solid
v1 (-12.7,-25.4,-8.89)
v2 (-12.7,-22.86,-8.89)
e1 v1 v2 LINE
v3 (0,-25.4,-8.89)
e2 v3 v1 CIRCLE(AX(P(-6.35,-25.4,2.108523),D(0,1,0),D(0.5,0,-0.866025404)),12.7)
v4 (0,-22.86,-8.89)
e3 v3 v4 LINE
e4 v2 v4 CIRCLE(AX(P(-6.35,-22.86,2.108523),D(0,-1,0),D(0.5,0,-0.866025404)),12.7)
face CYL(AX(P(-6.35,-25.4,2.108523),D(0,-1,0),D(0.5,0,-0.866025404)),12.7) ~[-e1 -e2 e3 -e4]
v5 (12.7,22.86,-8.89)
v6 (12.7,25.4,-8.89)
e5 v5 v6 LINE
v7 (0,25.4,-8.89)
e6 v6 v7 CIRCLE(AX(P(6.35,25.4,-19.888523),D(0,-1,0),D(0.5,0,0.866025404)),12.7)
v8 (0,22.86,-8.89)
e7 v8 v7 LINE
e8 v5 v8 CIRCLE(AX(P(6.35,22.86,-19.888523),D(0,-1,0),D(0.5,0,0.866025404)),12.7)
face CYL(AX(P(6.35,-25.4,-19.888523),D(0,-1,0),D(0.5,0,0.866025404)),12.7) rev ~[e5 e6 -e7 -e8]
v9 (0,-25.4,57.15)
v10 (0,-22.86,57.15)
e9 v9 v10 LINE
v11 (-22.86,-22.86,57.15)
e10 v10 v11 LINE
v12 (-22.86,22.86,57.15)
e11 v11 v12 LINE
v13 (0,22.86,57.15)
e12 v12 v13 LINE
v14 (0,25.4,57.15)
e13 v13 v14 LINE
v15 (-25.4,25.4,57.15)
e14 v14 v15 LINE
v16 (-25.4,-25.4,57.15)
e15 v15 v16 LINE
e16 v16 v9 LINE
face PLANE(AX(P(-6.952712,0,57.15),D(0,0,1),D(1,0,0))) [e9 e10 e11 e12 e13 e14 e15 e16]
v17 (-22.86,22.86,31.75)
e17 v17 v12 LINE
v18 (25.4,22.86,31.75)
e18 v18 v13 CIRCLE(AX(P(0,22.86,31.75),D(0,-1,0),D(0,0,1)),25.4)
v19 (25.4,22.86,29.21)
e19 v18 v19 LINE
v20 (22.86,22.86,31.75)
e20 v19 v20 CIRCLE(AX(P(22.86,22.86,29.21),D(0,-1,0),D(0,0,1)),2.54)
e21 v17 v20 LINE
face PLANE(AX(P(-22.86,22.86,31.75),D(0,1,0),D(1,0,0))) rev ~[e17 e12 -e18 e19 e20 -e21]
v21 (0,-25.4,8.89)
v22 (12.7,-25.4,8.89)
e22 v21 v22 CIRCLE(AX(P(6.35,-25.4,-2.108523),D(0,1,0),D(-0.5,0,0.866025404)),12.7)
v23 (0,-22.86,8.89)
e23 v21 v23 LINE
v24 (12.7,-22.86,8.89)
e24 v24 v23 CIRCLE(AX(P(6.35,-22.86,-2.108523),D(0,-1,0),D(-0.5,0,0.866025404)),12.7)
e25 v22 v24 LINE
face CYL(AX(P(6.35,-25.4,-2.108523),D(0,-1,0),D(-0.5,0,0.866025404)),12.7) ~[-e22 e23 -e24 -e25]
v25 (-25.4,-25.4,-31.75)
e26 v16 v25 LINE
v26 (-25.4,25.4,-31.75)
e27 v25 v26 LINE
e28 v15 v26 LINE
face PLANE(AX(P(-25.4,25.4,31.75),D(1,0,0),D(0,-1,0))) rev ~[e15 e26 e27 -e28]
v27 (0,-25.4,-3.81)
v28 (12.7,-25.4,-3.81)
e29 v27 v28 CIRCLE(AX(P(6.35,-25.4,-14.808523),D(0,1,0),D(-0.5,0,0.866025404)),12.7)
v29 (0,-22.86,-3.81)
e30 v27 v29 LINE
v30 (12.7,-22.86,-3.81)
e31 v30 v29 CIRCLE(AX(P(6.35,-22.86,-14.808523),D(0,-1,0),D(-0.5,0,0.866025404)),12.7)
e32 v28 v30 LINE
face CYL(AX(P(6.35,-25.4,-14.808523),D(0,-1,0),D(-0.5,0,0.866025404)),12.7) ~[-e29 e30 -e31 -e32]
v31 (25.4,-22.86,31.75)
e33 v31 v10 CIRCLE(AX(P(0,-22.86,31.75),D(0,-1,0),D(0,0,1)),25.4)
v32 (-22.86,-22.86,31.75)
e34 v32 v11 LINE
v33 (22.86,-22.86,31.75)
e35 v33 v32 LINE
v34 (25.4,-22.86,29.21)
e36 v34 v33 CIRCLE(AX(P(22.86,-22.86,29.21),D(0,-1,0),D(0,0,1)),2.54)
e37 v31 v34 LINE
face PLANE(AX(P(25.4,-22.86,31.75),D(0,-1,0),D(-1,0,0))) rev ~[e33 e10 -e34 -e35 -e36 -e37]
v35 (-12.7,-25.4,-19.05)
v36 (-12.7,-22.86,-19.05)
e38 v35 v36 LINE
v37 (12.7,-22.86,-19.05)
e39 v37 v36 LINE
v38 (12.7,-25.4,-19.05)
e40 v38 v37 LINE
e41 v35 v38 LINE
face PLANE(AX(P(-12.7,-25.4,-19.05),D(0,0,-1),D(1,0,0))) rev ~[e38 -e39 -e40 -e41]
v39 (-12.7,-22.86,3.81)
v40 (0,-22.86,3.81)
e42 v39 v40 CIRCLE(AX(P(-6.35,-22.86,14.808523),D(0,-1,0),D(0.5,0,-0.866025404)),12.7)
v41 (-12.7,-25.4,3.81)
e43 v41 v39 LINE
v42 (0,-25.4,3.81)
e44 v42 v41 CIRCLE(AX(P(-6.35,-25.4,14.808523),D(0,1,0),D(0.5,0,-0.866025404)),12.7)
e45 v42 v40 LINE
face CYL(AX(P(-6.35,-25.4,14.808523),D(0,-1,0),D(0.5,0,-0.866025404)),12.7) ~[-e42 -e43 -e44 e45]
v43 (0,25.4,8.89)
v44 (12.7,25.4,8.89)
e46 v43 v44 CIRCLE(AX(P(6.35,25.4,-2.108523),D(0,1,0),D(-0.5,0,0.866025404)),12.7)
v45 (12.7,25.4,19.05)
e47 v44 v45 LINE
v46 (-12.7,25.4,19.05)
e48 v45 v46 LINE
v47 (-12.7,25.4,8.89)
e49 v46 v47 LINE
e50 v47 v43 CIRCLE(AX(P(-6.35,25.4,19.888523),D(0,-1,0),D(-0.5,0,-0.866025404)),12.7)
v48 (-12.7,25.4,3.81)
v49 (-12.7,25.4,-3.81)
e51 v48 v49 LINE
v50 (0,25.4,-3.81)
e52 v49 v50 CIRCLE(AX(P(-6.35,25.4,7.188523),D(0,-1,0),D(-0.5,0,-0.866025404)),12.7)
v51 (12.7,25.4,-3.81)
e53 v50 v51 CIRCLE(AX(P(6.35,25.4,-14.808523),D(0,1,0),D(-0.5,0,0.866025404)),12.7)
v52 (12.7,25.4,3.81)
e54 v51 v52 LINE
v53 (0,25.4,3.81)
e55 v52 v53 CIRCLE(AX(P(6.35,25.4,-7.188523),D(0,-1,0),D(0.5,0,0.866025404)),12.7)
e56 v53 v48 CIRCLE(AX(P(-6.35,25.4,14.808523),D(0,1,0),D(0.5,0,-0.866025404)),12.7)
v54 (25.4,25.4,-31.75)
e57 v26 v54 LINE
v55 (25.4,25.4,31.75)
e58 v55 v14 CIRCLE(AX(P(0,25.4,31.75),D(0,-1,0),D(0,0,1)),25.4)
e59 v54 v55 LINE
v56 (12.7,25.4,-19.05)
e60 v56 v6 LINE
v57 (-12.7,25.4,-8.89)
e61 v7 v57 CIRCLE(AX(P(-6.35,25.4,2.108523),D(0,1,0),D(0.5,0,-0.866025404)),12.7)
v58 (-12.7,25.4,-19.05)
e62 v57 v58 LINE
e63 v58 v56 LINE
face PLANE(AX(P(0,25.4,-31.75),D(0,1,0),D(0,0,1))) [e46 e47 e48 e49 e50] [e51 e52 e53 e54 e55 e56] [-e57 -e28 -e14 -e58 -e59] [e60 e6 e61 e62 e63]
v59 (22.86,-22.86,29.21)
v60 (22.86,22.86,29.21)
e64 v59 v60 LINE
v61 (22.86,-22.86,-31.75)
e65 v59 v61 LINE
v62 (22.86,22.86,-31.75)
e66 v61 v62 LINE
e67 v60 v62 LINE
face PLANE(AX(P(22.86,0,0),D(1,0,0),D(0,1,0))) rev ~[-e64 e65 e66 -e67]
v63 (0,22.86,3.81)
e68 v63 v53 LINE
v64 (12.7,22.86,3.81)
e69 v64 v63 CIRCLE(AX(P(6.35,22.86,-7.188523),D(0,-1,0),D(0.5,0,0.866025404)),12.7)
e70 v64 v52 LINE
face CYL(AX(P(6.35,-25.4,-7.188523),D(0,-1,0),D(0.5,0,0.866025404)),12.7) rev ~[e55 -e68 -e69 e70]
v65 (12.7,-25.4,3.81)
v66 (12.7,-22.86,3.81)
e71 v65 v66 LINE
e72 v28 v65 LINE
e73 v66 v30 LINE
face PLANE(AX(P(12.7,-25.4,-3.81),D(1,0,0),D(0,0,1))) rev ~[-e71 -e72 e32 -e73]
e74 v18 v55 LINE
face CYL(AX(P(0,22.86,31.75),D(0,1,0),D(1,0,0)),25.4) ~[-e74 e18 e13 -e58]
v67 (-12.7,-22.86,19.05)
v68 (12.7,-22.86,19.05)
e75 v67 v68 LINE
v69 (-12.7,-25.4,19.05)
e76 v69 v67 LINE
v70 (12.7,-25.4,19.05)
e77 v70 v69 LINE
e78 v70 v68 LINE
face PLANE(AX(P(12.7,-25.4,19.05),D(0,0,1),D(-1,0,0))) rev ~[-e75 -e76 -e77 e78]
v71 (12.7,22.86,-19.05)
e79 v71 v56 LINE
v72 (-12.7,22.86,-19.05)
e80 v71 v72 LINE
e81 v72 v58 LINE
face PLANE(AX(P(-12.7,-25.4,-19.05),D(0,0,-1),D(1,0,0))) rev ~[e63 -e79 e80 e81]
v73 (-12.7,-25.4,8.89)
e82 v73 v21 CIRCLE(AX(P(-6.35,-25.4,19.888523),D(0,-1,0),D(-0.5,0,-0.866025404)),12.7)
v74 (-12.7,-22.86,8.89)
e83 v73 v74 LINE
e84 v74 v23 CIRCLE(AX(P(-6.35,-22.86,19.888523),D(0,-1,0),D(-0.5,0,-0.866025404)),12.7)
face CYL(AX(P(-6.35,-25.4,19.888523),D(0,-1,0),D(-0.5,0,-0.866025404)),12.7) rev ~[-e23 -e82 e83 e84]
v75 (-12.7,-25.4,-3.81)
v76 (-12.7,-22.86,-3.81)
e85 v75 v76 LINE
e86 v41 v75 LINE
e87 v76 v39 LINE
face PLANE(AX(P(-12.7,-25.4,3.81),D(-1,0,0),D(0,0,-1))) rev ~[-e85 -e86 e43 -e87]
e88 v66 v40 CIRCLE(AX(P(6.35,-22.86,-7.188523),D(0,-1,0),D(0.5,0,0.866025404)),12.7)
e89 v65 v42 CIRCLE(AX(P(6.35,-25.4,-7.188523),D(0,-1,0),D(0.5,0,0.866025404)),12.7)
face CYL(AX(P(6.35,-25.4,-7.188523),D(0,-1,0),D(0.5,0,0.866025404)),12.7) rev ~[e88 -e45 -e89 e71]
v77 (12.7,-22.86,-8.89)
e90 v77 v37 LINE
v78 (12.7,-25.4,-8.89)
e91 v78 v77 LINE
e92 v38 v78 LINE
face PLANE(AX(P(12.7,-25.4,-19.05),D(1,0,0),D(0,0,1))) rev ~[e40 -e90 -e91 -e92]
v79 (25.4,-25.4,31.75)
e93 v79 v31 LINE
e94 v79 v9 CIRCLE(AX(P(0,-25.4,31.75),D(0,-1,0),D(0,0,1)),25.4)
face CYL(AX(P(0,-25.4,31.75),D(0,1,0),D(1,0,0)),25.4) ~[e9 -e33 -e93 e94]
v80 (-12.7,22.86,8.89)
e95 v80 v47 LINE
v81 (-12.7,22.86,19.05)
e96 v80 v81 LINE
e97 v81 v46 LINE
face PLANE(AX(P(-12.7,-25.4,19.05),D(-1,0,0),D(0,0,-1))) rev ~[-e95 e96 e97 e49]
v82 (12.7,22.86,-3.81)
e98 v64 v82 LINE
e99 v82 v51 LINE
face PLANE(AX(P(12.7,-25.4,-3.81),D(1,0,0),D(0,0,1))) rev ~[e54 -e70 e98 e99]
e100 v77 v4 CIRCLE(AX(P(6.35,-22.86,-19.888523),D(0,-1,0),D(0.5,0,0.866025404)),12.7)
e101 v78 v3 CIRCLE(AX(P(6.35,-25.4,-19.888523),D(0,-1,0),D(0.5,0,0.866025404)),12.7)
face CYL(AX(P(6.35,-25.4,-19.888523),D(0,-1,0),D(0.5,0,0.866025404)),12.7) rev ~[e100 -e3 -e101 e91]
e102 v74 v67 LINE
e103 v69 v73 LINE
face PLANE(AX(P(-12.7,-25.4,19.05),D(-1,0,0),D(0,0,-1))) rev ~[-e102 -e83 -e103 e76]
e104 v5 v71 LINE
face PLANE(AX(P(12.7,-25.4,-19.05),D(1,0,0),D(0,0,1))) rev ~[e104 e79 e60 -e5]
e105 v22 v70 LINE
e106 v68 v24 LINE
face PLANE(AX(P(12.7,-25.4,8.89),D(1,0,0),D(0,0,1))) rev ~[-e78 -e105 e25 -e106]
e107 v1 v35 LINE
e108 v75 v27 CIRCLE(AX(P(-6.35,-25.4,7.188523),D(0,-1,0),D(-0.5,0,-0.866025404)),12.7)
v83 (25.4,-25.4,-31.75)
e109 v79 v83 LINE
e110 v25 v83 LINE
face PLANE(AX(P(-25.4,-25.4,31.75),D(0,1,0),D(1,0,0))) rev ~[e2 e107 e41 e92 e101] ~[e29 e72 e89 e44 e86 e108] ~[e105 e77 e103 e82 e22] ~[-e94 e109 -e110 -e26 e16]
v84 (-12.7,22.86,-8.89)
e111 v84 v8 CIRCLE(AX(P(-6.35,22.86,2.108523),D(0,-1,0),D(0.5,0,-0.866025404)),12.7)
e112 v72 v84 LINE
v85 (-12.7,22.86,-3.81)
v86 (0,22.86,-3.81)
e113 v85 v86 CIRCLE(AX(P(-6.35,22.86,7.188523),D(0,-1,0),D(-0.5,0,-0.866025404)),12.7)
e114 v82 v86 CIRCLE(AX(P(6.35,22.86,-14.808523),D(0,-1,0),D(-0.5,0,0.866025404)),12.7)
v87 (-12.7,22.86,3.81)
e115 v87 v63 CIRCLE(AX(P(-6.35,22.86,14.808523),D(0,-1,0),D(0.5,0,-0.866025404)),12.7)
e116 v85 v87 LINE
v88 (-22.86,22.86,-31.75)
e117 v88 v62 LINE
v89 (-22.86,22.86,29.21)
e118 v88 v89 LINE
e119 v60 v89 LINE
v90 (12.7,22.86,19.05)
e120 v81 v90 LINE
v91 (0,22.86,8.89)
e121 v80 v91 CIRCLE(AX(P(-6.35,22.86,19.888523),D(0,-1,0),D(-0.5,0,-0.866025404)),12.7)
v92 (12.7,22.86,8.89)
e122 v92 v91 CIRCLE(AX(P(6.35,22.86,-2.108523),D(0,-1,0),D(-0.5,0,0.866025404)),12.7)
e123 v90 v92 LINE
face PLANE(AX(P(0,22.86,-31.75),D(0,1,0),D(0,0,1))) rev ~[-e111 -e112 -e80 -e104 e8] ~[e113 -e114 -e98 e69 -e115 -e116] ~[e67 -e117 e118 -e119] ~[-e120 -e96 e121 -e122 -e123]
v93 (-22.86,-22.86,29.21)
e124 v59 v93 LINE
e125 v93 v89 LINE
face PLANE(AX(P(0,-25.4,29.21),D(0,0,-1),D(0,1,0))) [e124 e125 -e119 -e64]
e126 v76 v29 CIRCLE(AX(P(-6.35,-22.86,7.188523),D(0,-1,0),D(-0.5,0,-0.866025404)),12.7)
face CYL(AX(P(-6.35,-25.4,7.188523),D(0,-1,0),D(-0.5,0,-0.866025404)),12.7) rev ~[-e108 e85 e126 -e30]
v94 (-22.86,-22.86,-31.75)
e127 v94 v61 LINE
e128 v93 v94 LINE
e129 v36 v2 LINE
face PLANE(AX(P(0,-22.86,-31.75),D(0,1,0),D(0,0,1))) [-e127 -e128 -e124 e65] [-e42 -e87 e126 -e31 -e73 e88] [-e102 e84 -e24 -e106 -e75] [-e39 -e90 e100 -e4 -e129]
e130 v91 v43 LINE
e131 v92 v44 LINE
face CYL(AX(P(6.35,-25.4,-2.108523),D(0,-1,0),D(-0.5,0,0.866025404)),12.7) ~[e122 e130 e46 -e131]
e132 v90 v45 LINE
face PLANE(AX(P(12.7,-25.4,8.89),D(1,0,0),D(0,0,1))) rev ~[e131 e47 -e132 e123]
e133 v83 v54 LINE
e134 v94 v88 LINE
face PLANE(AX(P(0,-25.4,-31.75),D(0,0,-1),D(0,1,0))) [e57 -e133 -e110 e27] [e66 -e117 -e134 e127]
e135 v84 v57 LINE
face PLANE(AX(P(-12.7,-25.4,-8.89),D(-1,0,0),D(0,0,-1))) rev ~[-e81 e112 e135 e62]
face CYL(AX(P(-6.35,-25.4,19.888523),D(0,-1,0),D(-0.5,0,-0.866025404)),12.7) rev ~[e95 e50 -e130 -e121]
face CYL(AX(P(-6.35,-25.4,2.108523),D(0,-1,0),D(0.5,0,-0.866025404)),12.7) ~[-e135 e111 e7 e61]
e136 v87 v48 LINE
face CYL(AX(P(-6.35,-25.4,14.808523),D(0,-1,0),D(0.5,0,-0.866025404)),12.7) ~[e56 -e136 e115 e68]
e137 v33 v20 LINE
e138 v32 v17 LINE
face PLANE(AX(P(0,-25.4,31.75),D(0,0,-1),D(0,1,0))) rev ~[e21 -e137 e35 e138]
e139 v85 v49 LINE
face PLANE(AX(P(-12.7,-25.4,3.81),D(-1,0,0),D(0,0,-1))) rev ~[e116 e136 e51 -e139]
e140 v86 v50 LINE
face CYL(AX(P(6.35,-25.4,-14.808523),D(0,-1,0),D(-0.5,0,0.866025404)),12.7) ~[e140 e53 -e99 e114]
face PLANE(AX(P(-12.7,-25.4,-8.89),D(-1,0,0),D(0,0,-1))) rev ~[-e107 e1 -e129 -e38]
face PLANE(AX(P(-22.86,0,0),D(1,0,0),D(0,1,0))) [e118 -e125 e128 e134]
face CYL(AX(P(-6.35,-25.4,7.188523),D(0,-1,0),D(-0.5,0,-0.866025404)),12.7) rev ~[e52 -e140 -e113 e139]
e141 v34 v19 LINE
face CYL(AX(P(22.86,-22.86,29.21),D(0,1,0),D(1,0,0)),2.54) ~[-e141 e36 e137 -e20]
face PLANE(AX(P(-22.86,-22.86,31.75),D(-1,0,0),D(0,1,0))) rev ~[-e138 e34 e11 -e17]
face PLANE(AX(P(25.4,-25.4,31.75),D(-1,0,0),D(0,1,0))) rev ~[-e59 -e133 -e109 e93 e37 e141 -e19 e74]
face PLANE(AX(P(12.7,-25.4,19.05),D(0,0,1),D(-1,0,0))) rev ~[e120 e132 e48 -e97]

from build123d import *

# Parameters (mm, degrees)
F0_W     = 50.8
F0_H     = 63.5
F1_DEPTH = 25.4
F2_T     = -2.54
F4_DEPTH = 25.4
F5_R     = 25.4
F6_R     = 2.54
F8_DEPTH = 50.8


with BuildPart() as f1:
    # F0 (on Right) → F1 (new body, symmetric)
    with BuildSketch(Plane.YZ):
        Rectangle(F0_W, F0_H)
        Polygon((12.7, -2.54), (12.7, -12.7), (-12.7, -12.7), (-12.7, -2.54), (-12.7, 2.54), (-12.7, 10.16), (-12.7, 15.24), (-12.7, 25.4), (12.7, 25.4), (12.7, 15.24), (12.7, 10.16), (12.7, 2.54), align=None, mode=Mode.SUBTRACT)
        with BuildLine():
            Line((-12.7, -12.7), (12.7, -12.7))
            Line((12.7, -12.7), (12.7, -2.54))
            ThreePointArc((12.7, -2.54), (6.35, -0.8385226281), (0, -2.54))
            ThreePointArc((0, -2.54), (-6.35, -4.2414773719), (-12.7, -2.54))
            Line((-12.7, -2.54), (-12.7, -12.7))
        make_face()
        with BuildLine():
            ThreePointArc((0, 15.24), (6.35, 16.9414773719), (12.7, 15.24))
            Line((12.7, 15.24), (12.7, 25.4))
            Line((12.7, 25.4), (-12.7, 25.4))
            Line((-12.7, 25.4), (-12.7, 15.24))
            ThreePointArc((-12.7, 15.24), (-6.35, 13.5385226281), (0, 15.24))
        make_face()
        with BuildLine():
            ThreePointArc((0, 2.54), (6.35, 4.2414773719), (12.7, 2.54))
            Line((12.7, 2.54), (12.7, 10.16))
            ThreePointArc((12.7, 10.16), (6.35, 11.8614773719), (0, 10.16))
            ThreePointArc((0, 10.16), (-6.35, 8.4585226281), (-12.7, 10.16))
            Line((-12.7, 10.16), (-12.7, 2.54))
            ThreePointArc((-12.7, 2.54), (-6.35, 0.8385226281), (0, 2.54))
        make_face()
        with BuildLine():
            ThreePointArc((0, 10.16), (6.35, 11.8614773719), (12.7, 10.16))
            Line((12.7, 10.16), (12.7, 15.24))
            ThreePointArc((12.7, 15.24), (6.35, 16.9414773719), (0, 15.24))
            ThreePointArc((0, 15.24), (-6.35, 13.5385226281), (-12.7, 15.24))
            Line((-12.7, 15.24), (-12.7, 10.16))
            ThreePointArc((-12.7, 10.16), (-6.35, 8.4585226281), (0, 10.16))
        make_face()
        with BuildLine():
            ThreePointArc((0, -2.54), (6.35, -0.8385226281), (12.7, -2.54))
            Line((12.7, -2.54), (12.7, 2.54))
            ThreePointArc((12.7, 2.54), (6.35, 4.2414773719), (0, 2.54))
            ThreePointArc((0, 2.54), (-6.35, 0.8385226281), (-12.7, 2.54))
            Line((-12.7, 2.54), (-12.7, -2.54))
            ThreePointArc((-12.7, -2.54), (-6.35, -4.2414773719), (0, -2.54))
        make_face()
    extrude(amount=F1_DEPTH, both=True)

    # F2
    f2_openings = [f1.faces().sort_by_distance(p)[0] for p in [
        (0, 0, -31.75),
    ]]
    offset(amount=F2_T, openings=f2_openings)

    # F3 (on face) → F4 (join)
    with BuildSketch(Plane.XY.offset(31.75)):
        Polygon((25.4, -25.4), (25.4, -22.86), (-22.86, -22.86), (-22.86, 22.86), (25.4, 22.86), (25.4, 25.4), (-25.4, 25.4), (-25.4, -25.4), align=None)
    extrude(amount=F4_DEPTH)

    # F5
    f5_edges = [f1.edges().sort_by_distance(p)[0] for p in [
        (25.4, -24.13, 57.15),
        (25.4, 24.13, 57.15),
    ]]
    fillet(f5_edges, radius=F5_R)

    # F6
    f6_edges = [f1.edges().sort_by_distance(p)[0] for p in [
        (25.4, 0, 31.75),
    ]]
    fillet(f6_edges, radius=F6_R)

    # F7 (on face) → F8 (cut)
    with BuildSketch(Plane.XZ.offset(25.4)):
        with BuildLine():
            Line((-12.7, 19.05), (-12.7, 8.89))
            ThreePointArc((-12.7, 8.89), (-6.35, 7.1885226281), (0, 8.89))
            ThreePointArc((0, 8.89), (6.35, 10.5914773719), (12.7, 8.89))
            Line((12.7, 8.89), (12.7, 19.05))
            Line((12.7, 19.05), (-12.7, 19.05))
        make_face()
        with BuildLine():
            Line((-12.7, 3.81), (-12.7, -3.81))
            ThreePointArc((-12.7, -3.81), (-6.35, -5.5114773719), (0, -3.81))
            ThreePointArc((0, -3.81), (6.35, -2.1085226281), (12.7, -3.81))
            Line((12.7, -3.81), (12.7, 3.81))
            ThreePointArc((12.7, 3.81), (6.35, 5.5114773719), (0, 3.81))
            ThreePointArc((0, 3.81), (-6.35, 2.1085226281), (-12.7, 3.81))
        make_face()
        with BuildLine():
            Line((-12.7, -8.89), (-12.7, -19.05))
            Line((-12.7, -19.05), (12.7, -19.05))
            Line((12.7, -19.05), (12.7, -8.89))
            ThreePointArc((12.7, -8.89), (6.35, -7.1885226281), (0, -8.89))
            ThreePointArc((0, -8.89), (-6.35, -10.5914773719), (-12.7, -8.89))
        make_face()
    extrude(amount=-F8_DEPTH, mode=Mode.SUBTRACT)


solid = f1.part
